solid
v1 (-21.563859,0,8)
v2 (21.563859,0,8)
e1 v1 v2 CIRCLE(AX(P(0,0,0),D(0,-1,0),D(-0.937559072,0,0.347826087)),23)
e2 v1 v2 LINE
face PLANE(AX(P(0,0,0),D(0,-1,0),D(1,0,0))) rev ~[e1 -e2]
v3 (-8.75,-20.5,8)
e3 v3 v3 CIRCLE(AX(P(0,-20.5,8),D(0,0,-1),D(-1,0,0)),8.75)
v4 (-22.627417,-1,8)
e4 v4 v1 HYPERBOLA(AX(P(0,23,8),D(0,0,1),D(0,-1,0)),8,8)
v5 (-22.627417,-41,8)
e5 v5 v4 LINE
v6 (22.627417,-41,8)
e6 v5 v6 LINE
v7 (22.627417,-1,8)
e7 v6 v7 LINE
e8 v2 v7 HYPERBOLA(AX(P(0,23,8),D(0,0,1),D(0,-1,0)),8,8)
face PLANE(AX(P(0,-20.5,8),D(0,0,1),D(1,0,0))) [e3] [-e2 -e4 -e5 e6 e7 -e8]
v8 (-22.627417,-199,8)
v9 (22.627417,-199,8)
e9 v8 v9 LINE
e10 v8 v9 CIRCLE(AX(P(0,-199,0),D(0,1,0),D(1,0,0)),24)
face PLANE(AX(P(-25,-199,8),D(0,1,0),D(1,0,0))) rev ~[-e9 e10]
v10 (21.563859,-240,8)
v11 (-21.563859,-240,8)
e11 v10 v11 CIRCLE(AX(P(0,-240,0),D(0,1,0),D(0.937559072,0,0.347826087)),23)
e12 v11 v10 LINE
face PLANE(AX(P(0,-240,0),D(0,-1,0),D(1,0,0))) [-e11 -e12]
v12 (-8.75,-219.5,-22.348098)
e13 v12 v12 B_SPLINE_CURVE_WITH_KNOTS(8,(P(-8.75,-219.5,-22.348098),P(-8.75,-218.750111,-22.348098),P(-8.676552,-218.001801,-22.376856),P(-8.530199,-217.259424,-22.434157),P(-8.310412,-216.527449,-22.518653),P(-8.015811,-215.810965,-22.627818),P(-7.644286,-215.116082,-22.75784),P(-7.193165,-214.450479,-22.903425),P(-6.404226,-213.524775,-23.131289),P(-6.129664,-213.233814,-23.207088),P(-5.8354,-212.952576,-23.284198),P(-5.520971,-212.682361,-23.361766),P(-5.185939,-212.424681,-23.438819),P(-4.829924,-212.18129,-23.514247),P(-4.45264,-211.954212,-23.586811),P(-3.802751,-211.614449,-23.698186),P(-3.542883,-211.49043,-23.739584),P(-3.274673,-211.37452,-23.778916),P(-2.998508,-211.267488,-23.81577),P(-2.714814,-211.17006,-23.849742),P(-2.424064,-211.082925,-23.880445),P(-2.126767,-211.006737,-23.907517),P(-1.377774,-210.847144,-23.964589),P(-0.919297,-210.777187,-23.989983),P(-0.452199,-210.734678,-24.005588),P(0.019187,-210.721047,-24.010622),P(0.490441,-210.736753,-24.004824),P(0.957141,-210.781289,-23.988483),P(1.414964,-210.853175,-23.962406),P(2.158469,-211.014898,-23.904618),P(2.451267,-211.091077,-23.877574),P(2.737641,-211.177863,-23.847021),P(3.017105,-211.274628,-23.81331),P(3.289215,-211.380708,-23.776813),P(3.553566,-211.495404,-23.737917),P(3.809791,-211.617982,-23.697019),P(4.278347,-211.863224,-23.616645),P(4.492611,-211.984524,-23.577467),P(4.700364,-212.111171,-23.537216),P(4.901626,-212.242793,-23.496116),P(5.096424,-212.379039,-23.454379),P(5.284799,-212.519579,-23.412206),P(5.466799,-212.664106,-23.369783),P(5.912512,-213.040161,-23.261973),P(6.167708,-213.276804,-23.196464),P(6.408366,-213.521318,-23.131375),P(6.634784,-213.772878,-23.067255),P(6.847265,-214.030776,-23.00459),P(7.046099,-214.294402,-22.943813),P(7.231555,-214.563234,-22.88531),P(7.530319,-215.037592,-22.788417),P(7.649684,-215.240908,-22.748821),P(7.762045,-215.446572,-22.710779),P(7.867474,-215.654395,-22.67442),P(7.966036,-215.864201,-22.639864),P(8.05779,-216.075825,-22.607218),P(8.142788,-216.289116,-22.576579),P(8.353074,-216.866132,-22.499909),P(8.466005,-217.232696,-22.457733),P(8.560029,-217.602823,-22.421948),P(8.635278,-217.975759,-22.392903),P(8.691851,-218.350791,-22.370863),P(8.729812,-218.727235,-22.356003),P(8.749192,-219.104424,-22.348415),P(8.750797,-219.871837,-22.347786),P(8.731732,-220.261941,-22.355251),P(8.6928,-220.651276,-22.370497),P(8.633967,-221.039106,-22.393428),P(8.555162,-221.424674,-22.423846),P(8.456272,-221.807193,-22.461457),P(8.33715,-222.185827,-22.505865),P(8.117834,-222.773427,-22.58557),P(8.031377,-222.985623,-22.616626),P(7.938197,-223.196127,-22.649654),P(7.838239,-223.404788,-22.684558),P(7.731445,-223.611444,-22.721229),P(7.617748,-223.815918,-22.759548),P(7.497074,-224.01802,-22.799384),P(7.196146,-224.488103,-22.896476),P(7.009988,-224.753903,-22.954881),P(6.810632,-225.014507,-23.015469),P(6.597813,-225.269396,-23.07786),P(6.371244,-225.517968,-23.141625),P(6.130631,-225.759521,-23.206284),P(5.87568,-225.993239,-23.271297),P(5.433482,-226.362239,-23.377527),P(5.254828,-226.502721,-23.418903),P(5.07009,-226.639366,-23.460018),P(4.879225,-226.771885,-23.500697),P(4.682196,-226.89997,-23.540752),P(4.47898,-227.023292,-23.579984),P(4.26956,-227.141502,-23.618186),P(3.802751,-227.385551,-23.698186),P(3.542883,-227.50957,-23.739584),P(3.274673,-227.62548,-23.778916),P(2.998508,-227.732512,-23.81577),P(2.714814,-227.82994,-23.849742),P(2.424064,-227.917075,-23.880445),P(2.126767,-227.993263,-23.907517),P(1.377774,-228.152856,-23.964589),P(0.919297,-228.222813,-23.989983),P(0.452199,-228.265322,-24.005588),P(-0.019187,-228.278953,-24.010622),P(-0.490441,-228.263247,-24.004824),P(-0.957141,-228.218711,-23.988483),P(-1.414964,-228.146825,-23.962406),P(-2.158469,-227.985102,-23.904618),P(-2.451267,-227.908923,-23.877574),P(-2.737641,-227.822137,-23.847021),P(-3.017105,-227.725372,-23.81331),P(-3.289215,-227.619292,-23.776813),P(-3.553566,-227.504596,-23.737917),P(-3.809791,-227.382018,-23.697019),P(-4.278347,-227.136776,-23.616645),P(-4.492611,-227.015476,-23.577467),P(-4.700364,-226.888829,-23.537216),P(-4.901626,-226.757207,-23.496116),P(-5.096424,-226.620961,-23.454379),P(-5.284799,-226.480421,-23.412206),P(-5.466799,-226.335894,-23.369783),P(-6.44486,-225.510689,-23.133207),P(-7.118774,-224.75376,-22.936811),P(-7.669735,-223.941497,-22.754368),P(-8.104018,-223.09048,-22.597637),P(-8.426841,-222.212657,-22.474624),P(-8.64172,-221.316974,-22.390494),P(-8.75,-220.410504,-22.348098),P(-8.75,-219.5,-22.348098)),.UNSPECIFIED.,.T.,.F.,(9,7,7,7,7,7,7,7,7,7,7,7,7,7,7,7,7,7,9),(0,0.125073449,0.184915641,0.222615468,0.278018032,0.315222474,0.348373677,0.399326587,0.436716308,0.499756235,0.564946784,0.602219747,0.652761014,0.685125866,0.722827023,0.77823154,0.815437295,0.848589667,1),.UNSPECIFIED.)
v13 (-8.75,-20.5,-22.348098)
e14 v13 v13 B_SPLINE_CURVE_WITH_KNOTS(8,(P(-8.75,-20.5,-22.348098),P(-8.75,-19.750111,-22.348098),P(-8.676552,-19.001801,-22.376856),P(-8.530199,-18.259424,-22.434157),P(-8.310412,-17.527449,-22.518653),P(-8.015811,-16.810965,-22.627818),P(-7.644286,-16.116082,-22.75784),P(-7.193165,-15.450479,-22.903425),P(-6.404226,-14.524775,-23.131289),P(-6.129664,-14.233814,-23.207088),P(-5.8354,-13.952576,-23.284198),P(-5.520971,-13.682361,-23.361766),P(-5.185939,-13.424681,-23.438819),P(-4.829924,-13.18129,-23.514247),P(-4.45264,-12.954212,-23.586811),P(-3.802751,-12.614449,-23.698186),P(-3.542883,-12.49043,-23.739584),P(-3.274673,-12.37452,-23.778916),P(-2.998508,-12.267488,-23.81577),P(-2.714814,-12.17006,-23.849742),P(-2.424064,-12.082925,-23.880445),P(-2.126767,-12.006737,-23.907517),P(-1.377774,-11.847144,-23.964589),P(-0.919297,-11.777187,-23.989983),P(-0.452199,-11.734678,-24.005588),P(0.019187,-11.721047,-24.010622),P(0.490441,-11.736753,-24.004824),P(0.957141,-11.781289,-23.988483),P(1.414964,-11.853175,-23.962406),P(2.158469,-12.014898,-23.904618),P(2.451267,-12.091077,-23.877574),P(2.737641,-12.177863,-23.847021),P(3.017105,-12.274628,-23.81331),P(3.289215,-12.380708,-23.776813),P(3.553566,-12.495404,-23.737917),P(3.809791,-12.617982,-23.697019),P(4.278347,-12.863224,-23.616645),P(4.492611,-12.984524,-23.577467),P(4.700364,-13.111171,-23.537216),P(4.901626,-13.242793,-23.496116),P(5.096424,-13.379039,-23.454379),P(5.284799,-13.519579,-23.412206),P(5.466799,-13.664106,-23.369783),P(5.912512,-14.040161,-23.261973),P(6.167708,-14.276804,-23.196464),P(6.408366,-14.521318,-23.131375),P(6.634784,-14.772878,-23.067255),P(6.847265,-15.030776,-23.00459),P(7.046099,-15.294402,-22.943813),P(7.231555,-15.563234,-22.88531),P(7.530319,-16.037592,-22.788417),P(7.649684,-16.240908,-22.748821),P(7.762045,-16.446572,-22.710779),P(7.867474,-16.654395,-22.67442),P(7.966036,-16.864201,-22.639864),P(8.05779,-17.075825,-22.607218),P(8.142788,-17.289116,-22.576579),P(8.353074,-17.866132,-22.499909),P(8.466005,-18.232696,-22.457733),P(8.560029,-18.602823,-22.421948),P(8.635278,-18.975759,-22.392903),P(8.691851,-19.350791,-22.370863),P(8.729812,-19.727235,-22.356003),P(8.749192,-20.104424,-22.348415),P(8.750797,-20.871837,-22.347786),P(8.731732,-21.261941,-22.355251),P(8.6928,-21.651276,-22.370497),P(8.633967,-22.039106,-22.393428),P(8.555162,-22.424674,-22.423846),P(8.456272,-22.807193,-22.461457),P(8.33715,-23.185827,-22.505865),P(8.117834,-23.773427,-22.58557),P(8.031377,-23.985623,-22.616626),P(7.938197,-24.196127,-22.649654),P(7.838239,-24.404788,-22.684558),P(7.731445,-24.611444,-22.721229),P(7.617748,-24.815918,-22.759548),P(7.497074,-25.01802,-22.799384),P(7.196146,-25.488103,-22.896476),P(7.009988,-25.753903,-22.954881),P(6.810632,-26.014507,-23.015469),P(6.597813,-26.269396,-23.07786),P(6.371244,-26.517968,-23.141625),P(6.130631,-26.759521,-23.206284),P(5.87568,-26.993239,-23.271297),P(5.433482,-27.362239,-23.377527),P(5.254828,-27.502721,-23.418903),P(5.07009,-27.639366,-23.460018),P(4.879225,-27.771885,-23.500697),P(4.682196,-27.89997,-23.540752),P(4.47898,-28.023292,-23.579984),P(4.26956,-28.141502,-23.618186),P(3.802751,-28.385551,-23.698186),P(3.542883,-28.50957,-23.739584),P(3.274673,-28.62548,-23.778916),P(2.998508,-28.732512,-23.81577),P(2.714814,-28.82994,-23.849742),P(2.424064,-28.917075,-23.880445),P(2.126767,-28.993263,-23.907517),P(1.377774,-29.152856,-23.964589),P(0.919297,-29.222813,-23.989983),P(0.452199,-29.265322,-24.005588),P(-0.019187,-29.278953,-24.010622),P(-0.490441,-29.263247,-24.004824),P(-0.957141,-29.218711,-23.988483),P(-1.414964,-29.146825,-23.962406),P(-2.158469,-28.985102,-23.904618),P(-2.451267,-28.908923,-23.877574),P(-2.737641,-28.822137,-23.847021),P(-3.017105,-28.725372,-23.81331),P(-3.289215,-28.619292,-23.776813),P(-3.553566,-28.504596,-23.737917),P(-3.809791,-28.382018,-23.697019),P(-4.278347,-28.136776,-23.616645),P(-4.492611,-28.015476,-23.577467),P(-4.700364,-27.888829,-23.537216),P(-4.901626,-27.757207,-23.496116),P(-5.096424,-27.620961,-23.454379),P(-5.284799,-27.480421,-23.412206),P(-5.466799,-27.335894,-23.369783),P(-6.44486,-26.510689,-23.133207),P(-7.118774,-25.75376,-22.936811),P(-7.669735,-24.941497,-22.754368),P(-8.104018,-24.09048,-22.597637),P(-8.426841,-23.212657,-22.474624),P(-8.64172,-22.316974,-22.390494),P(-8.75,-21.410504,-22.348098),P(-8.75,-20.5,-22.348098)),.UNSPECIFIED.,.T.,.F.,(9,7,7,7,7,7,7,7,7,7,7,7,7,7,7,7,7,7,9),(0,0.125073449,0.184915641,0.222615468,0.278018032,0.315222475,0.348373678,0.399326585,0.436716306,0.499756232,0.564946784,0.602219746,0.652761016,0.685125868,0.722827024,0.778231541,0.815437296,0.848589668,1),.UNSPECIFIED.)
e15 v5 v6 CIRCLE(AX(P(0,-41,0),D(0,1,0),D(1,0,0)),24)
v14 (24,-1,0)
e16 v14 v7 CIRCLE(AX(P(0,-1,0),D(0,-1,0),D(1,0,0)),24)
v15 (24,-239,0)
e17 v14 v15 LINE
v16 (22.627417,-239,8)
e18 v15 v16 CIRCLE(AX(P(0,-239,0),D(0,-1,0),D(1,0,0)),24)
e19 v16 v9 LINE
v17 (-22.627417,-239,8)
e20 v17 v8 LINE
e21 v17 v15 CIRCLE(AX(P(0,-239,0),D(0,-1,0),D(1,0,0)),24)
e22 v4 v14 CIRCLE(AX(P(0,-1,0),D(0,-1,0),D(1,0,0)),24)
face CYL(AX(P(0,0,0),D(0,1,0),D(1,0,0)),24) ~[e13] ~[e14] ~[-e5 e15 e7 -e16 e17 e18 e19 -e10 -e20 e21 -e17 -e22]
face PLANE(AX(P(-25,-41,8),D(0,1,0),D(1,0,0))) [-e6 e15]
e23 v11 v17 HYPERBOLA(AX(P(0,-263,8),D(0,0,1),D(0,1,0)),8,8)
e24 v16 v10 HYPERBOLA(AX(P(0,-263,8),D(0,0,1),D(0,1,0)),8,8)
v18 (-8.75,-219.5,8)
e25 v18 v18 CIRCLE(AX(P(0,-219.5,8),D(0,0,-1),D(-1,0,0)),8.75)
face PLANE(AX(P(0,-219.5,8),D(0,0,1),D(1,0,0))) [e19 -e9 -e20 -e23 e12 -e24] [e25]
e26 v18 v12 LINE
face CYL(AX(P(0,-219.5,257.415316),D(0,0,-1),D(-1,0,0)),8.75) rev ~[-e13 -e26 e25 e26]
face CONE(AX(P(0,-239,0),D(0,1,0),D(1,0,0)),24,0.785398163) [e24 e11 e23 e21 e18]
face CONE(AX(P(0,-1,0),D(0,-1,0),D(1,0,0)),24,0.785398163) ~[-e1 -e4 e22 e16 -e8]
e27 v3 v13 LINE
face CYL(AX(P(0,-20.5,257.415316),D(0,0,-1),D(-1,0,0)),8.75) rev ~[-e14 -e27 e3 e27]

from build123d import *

# Parameters (mm, degrees)
F0_R     = 24
F1_DEPTH = 240
F2_SIZE  = 1
F5_W     = 50
F5_H     = 41
F6_DEPTH = 125
F8_D     = 17.5


with BuildPart() as f1:
    # F0 (on Front) → F1 (new body)
    with BuildSketch(Plane.XZ):
        Circle(F0_R)
    extrude(amount=F1_DEPTH)

    # F2
    f2_edges = [f1.edges().sort_by_distance(p)[0] for p in [
        (24, -120, 0),
        (-24, 0, 0),
        (-24, -240, 0),
    ]]
    chamfer(f2_edges, length=F2_SIZE)

    # F5 (on offset) → F6 (cut)
    with BuildSketch(Plane.XY.offset(8)):
        with Locations((0, -20.5)):
            Rectangle(F5_W, F5_H)
        with Locations((0, -219.5)):
            Rectangle(F5_W, F5_H)
    extrude(amount=F6_DEPTH, mode=Mode.SUBTRACT)

    # F8 (through all)
    with Locations(Plane.XY.offset(8)):
        with Locations((0, -20.5), (0, -219.5)):
            Hole(F8_D / 2)


solid = f1.part
